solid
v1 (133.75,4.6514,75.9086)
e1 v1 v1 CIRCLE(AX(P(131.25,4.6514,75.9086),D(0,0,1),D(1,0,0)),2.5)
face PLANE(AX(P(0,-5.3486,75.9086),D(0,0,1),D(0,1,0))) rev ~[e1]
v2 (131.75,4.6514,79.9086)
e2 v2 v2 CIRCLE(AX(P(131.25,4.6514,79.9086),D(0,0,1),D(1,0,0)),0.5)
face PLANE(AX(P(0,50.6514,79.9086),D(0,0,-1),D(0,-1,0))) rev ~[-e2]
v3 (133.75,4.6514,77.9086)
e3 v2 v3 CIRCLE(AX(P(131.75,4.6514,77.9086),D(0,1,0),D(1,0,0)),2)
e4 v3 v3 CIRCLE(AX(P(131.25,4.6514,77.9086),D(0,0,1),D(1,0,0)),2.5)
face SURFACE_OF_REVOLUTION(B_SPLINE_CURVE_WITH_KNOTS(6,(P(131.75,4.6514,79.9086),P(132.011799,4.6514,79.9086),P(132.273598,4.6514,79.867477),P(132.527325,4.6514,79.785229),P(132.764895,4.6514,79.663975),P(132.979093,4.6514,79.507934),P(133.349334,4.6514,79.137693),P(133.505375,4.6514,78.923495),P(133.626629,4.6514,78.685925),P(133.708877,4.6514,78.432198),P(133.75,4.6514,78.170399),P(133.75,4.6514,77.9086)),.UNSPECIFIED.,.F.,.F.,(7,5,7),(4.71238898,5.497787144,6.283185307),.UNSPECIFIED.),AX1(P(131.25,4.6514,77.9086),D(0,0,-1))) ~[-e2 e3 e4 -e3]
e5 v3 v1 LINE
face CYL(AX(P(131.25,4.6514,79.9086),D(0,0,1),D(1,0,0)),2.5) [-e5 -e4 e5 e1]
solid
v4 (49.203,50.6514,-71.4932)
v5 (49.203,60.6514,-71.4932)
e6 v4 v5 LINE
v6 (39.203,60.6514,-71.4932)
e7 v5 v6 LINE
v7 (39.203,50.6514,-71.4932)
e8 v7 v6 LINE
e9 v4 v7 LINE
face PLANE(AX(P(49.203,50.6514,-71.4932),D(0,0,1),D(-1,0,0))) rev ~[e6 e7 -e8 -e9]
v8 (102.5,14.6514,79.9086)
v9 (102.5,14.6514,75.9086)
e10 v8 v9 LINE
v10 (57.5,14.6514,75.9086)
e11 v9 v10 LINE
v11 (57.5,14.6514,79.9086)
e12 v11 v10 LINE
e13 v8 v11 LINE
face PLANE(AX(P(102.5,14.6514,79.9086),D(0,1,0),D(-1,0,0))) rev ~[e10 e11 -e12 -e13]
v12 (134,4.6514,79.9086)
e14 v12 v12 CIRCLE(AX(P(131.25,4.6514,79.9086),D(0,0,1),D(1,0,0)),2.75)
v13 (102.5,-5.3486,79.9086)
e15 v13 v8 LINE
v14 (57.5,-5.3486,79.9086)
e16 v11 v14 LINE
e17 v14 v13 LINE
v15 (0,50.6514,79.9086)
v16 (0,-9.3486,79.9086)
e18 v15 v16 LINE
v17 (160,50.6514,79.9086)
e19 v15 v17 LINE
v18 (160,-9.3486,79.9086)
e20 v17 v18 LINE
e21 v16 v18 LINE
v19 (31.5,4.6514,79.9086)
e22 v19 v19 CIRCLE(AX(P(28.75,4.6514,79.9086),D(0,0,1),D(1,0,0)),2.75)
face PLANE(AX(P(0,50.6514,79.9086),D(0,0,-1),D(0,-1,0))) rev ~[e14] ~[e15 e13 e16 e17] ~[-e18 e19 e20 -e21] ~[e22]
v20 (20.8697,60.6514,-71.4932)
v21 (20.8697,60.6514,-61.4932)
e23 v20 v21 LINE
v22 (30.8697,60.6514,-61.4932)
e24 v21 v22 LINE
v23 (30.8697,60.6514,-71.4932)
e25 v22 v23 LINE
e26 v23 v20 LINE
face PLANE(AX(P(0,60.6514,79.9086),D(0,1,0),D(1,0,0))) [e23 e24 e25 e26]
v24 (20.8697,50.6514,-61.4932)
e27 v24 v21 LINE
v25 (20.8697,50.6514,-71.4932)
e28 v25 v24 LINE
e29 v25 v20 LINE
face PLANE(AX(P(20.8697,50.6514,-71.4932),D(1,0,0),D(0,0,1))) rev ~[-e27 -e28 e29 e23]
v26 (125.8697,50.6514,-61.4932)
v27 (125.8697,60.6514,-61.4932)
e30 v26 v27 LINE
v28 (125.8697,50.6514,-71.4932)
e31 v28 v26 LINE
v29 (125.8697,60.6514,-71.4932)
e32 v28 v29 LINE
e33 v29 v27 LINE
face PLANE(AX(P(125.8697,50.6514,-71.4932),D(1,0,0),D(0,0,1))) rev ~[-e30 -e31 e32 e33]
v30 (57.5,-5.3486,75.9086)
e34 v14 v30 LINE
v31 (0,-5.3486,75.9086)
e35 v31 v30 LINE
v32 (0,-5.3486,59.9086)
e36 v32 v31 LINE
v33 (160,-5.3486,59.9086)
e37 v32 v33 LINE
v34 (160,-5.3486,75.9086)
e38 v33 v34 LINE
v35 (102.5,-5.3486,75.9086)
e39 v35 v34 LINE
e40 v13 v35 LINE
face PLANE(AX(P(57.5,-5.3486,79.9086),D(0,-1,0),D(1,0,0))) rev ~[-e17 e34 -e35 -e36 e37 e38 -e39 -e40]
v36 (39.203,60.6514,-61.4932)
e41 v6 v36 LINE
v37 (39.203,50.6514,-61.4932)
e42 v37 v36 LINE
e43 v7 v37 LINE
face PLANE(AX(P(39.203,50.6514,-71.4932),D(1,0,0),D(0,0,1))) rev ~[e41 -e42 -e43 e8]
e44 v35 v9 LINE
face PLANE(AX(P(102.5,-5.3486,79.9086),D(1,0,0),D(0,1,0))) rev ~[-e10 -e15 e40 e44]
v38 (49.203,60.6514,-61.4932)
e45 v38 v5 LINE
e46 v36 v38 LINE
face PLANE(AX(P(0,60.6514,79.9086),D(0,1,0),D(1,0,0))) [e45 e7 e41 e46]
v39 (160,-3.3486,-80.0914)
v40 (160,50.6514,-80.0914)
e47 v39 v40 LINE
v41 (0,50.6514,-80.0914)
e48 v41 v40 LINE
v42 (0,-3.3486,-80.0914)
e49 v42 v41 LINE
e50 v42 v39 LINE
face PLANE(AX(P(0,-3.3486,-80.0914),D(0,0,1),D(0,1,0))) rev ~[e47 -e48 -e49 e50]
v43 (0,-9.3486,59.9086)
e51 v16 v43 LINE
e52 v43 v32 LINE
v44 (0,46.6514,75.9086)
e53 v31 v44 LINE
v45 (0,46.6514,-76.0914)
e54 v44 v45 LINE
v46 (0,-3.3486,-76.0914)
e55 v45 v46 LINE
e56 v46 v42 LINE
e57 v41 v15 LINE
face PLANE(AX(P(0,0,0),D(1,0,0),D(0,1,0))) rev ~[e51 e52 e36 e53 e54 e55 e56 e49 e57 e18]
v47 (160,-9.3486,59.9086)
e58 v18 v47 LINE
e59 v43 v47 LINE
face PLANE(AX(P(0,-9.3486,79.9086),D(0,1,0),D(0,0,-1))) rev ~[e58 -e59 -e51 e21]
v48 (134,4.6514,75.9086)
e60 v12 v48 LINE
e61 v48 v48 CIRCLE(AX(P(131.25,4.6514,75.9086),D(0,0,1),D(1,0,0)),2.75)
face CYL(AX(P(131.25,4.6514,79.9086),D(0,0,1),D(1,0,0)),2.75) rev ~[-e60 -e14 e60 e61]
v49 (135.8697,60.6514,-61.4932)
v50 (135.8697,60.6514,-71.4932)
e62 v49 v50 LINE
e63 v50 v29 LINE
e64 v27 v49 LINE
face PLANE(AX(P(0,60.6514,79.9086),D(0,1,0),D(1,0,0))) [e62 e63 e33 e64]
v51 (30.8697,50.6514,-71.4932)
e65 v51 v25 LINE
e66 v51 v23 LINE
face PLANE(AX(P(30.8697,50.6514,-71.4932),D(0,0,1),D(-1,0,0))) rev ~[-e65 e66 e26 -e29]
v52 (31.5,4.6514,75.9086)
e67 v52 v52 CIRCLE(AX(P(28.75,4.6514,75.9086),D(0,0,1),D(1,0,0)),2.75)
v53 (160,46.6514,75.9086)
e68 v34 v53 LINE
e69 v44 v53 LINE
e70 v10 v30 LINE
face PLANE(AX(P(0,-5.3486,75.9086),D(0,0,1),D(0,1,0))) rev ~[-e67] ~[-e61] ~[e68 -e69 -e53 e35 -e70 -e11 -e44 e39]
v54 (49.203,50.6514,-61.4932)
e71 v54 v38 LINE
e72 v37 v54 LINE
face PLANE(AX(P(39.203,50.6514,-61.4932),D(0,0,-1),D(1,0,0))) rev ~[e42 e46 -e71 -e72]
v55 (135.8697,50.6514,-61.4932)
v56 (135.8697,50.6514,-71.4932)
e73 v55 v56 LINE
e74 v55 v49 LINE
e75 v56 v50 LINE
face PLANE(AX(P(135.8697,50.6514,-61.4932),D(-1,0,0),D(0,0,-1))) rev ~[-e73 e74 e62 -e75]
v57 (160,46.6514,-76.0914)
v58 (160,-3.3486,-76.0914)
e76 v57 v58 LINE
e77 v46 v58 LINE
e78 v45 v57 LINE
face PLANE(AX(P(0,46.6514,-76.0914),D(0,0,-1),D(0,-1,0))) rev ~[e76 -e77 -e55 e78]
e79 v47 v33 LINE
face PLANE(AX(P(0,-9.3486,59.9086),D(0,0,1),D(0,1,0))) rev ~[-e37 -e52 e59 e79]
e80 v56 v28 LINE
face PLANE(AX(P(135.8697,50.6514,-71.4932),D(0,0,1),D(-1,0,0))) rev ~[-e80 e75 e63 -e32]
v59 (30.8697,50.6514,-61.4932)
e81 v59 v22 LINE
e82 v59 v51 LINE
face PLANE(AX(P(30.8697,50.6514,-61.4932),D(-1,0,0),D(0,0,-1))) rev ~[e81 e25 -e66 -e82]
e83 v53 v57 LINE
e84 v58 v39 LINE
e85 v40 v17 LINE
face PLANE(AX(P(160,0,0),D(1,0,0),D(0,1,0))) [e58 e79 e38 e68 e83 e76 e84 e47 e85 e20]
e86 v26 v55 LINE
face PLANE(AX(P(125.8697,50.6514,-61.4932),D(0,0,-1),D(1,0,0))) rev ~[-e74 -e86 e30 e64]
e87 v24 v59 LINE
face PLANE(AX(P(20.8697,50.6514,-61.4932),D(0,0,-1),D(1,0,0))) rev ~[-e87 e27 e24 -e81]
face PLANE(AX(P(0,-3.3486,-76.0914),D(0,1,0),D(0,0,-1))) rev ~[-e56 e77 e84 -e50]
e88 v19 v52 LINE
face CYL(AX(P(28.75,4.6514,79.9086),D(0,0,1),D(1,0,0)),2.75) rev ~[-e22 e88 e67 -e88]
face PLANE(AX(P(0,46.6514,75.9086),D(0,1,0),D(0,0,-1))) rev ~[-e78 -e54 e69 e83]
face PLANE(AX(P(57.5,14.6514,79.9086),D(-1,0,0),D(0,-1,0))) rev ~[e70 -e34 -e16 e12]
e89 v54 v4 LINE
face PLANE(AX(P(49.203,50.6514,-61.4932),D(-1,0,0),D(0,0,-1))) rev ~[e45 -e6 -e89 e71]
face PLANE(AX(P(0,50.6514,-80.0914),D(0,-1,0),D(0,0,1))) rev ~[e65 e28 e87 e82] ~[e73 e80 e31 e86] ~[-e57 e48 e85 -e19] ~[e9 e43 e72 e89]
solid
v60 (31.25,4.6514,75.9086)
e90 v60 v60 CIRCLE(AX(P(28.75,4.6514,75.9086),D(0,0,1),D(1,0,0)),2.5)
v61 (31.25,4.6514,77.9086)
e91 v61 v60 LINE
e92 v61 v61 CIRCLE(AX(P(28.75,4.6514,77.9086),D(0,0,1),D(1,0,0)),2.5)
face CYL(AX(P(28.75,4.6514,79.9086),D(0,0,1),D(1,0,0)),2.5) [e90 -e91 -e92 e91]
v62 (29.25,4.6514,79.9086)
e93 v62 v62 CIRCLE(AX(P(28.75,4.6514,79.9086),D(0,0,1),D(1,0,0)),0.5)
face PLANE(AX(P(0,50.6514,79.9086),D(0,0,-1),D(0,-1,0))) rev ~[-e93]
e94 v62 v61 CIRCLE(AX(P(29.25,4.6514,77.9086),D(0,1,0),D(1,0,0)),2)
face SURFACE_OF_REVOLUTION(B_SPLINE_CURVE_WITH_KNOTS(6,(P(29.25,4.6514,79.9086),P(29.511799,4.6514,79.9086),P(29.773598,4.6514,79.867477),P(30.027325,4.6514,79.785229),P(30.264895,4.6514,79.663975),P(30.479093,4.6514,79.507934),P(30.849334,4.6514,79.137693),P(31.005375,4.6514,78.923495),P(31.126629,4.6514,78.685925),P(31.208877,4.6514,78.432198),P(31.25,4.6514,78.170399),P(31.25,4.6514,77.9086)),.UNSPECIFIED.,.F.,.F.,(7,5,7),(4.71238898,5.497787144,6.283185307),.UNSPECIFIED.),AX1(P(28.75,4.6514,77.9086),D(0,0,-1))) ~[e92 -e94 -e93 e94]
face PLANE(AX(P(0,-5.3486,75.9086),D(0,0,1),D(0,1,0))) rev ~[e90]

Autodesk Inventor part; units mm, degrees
ref_plane "YZ Plane" through (0, 0, 0) normal (1, 0, 0) x (0, 1, 0)
ref_plane "XZ Plane" through (0, 0, 0) normal (0, 1, 0) x (-1, 0, 0)
ref_plane "XY Plane" through (0, 0, 0) normal (0, 0, 1) x (1, 0, 0)
sketch "Sketch1" plane through (0, 0, 0) normal (1, 0, 0) x (0, 1, 0)
  line L0 (50.6514, 79.9086) -> (-9.3486, 79.9086)
  line L1 (-3.3486, -80.0914) -> (50.6514, -80.0914)
  line L2 (50.6514, -80.0914) -> (50.6514, 79.9086)
  line L3 (-9.3486, 79.9086) -> (-9.3486, 59.9086)
  line L4 (-9.3486, 59.9086) -> (-5.3486, 59.9086)
  line L5 (-5.3486, 59.9086) -> (-5.3486, 75.9086)
  line L6 (-5.3486, 75.9086) -> (46.6514, 75.9086)
  line L7 (46.6514, 75.9086) -> (46.6514, -76.0914)
  line L8 (46.6514, -76.0914) -> (-3.3486, -76.0914)
  line L9 (-3.3486, -76.0914) -> (-3.3486, -80.0914)
  point P0 (0, 0)
  dimension "d0" = 160
  dimension "d1" = 54
  dimension "d2" = 60
  dimension "d3" = 20
  dimension "d4" = 4
  dimension "d5" = 4
  dimension "d6" = 4
  dimension "d7" = 4
  dimension "d8" = 4
  dimension "d9" = 4
extrude "Extrusion1" add sketch "Sketch1" along normal blind 160
sketch "Sketch2" plane through (0, -9.3486, 79.9086) normal (0, 0, 1) x (1, 0, 0)
  line L0 (57.5, 4) -> (102.5, 4)
  line L1 (102.5, 4) -> (102.5, 24)
  line L2 (102.5, 24) -> (57.5, 24)
  line L3 (57.5, 24) -> (57.5, 4)
  line L4 (57.5, 4) -> (102.5, 24) construction
  line L5 (102.5, 4) -> (57.5, 24) construction
  line L6 (0, 0) -> (160, 0) projected
  line L7 (160, 60) -> (160, 0) projected
  point P0 (0, 9.3486)
  point P1 (80, 14)
  dimension "d12" = 45
  dimension "d13" = 4
  dimension "d14" = 20
  dimension "d15" = 80
extrude "Extrusion2" cut sketch "Sketch2" against normal blind 5
sketch "Sketch3" plane through (0, -9.3486, 79.9086) normal (0, 0, 1) x (1, 0, 0)
  circle A0 centre (28.75, 14) radius 2.5
  circle A1 centre (131.25, 14) radius 2.5
  line L0 (0, 60) -> (0, 0) projected
  line L1 (57.5, 4) -> (57.5, 24) projected
  line L2 (160, 60) -> (160, 0) projected
  line L3 (102.5, 4) -> (57.5, 4) projected
  line L4 (57.5, 24) -> (102.5, 24) projected
  line L5 (0, 0) -> (160, 0) projected
  circle A2 centre (28.75, 14) radius 2.75
  circle A3 centre (131.25, 14) radius 2.75
  point P0 (0, 9.3486)
  dimension "d18" = 5
  dimension "d19" = 57.5
  dimension "d20" = 28.75
  dimension "d21" = 28.75
  dimension "d22" = 20
  dimension "d23" = 14
  dimension "d24" = 4
  dimension "d25" = 14
  dimension "d26" = 5.5
extrude "Extrusion3" cut sketch "Sketch3" against normal blind 5
fillet "Fillet1" radius 2 2 edges at (26.25, 4.6514, 79.9086) (128.75, 4.6514, 79.9086)
sketch "Sketch4" plane through (0, 50.6514, 79.9086) normal (0, 1, 0) x (1, 0, 0)
  line L0 (20.8697, 141.4018) -> (30.8697, 141.4018)
  line L1 (30.8697, 141.4018) -> (30.8697, 151.4018)
  line L2 (30.8697, 151.4018) -> (20.8697, 151.4018)
  line L3 (20.8697, 151.4018) -> (20.8697, 141.4018)
  line L4 (39.203, 141.4018) -> (49.203, 141.4018)
  line L5 (49.203, 141.4018) -> (49.203, 151.4018)
  line L6 (49.203, 151.4018) -> (39.203, 151.4018)
  line L7 (39.203, 151.4018) -> (39.203, 141.4018)
  line L8 (125.8697, 141.4018) -> (135.8697, 141.4018)
  line L9 (135.8697, 141.4018) -> (135.8697, 151.4018)
  line L10 (135.8697, 151.4018) -> (125.8697, 151.4018)
  line L11 (125.8697, 151.4018) -> (125.8697, 141.4018)
  point P0 (0, 79.9086)
  dimension "d32" = 10
  dimension "d33" = 10
  dimension "d34" = 10
  dimension "d35" = 10
  dimension "d36" = 10
  dimension "d37" = 10
extrude "Extrusion4" add sketch "Sketch4" along normal blind 10
properties part number "Top Plastic"
